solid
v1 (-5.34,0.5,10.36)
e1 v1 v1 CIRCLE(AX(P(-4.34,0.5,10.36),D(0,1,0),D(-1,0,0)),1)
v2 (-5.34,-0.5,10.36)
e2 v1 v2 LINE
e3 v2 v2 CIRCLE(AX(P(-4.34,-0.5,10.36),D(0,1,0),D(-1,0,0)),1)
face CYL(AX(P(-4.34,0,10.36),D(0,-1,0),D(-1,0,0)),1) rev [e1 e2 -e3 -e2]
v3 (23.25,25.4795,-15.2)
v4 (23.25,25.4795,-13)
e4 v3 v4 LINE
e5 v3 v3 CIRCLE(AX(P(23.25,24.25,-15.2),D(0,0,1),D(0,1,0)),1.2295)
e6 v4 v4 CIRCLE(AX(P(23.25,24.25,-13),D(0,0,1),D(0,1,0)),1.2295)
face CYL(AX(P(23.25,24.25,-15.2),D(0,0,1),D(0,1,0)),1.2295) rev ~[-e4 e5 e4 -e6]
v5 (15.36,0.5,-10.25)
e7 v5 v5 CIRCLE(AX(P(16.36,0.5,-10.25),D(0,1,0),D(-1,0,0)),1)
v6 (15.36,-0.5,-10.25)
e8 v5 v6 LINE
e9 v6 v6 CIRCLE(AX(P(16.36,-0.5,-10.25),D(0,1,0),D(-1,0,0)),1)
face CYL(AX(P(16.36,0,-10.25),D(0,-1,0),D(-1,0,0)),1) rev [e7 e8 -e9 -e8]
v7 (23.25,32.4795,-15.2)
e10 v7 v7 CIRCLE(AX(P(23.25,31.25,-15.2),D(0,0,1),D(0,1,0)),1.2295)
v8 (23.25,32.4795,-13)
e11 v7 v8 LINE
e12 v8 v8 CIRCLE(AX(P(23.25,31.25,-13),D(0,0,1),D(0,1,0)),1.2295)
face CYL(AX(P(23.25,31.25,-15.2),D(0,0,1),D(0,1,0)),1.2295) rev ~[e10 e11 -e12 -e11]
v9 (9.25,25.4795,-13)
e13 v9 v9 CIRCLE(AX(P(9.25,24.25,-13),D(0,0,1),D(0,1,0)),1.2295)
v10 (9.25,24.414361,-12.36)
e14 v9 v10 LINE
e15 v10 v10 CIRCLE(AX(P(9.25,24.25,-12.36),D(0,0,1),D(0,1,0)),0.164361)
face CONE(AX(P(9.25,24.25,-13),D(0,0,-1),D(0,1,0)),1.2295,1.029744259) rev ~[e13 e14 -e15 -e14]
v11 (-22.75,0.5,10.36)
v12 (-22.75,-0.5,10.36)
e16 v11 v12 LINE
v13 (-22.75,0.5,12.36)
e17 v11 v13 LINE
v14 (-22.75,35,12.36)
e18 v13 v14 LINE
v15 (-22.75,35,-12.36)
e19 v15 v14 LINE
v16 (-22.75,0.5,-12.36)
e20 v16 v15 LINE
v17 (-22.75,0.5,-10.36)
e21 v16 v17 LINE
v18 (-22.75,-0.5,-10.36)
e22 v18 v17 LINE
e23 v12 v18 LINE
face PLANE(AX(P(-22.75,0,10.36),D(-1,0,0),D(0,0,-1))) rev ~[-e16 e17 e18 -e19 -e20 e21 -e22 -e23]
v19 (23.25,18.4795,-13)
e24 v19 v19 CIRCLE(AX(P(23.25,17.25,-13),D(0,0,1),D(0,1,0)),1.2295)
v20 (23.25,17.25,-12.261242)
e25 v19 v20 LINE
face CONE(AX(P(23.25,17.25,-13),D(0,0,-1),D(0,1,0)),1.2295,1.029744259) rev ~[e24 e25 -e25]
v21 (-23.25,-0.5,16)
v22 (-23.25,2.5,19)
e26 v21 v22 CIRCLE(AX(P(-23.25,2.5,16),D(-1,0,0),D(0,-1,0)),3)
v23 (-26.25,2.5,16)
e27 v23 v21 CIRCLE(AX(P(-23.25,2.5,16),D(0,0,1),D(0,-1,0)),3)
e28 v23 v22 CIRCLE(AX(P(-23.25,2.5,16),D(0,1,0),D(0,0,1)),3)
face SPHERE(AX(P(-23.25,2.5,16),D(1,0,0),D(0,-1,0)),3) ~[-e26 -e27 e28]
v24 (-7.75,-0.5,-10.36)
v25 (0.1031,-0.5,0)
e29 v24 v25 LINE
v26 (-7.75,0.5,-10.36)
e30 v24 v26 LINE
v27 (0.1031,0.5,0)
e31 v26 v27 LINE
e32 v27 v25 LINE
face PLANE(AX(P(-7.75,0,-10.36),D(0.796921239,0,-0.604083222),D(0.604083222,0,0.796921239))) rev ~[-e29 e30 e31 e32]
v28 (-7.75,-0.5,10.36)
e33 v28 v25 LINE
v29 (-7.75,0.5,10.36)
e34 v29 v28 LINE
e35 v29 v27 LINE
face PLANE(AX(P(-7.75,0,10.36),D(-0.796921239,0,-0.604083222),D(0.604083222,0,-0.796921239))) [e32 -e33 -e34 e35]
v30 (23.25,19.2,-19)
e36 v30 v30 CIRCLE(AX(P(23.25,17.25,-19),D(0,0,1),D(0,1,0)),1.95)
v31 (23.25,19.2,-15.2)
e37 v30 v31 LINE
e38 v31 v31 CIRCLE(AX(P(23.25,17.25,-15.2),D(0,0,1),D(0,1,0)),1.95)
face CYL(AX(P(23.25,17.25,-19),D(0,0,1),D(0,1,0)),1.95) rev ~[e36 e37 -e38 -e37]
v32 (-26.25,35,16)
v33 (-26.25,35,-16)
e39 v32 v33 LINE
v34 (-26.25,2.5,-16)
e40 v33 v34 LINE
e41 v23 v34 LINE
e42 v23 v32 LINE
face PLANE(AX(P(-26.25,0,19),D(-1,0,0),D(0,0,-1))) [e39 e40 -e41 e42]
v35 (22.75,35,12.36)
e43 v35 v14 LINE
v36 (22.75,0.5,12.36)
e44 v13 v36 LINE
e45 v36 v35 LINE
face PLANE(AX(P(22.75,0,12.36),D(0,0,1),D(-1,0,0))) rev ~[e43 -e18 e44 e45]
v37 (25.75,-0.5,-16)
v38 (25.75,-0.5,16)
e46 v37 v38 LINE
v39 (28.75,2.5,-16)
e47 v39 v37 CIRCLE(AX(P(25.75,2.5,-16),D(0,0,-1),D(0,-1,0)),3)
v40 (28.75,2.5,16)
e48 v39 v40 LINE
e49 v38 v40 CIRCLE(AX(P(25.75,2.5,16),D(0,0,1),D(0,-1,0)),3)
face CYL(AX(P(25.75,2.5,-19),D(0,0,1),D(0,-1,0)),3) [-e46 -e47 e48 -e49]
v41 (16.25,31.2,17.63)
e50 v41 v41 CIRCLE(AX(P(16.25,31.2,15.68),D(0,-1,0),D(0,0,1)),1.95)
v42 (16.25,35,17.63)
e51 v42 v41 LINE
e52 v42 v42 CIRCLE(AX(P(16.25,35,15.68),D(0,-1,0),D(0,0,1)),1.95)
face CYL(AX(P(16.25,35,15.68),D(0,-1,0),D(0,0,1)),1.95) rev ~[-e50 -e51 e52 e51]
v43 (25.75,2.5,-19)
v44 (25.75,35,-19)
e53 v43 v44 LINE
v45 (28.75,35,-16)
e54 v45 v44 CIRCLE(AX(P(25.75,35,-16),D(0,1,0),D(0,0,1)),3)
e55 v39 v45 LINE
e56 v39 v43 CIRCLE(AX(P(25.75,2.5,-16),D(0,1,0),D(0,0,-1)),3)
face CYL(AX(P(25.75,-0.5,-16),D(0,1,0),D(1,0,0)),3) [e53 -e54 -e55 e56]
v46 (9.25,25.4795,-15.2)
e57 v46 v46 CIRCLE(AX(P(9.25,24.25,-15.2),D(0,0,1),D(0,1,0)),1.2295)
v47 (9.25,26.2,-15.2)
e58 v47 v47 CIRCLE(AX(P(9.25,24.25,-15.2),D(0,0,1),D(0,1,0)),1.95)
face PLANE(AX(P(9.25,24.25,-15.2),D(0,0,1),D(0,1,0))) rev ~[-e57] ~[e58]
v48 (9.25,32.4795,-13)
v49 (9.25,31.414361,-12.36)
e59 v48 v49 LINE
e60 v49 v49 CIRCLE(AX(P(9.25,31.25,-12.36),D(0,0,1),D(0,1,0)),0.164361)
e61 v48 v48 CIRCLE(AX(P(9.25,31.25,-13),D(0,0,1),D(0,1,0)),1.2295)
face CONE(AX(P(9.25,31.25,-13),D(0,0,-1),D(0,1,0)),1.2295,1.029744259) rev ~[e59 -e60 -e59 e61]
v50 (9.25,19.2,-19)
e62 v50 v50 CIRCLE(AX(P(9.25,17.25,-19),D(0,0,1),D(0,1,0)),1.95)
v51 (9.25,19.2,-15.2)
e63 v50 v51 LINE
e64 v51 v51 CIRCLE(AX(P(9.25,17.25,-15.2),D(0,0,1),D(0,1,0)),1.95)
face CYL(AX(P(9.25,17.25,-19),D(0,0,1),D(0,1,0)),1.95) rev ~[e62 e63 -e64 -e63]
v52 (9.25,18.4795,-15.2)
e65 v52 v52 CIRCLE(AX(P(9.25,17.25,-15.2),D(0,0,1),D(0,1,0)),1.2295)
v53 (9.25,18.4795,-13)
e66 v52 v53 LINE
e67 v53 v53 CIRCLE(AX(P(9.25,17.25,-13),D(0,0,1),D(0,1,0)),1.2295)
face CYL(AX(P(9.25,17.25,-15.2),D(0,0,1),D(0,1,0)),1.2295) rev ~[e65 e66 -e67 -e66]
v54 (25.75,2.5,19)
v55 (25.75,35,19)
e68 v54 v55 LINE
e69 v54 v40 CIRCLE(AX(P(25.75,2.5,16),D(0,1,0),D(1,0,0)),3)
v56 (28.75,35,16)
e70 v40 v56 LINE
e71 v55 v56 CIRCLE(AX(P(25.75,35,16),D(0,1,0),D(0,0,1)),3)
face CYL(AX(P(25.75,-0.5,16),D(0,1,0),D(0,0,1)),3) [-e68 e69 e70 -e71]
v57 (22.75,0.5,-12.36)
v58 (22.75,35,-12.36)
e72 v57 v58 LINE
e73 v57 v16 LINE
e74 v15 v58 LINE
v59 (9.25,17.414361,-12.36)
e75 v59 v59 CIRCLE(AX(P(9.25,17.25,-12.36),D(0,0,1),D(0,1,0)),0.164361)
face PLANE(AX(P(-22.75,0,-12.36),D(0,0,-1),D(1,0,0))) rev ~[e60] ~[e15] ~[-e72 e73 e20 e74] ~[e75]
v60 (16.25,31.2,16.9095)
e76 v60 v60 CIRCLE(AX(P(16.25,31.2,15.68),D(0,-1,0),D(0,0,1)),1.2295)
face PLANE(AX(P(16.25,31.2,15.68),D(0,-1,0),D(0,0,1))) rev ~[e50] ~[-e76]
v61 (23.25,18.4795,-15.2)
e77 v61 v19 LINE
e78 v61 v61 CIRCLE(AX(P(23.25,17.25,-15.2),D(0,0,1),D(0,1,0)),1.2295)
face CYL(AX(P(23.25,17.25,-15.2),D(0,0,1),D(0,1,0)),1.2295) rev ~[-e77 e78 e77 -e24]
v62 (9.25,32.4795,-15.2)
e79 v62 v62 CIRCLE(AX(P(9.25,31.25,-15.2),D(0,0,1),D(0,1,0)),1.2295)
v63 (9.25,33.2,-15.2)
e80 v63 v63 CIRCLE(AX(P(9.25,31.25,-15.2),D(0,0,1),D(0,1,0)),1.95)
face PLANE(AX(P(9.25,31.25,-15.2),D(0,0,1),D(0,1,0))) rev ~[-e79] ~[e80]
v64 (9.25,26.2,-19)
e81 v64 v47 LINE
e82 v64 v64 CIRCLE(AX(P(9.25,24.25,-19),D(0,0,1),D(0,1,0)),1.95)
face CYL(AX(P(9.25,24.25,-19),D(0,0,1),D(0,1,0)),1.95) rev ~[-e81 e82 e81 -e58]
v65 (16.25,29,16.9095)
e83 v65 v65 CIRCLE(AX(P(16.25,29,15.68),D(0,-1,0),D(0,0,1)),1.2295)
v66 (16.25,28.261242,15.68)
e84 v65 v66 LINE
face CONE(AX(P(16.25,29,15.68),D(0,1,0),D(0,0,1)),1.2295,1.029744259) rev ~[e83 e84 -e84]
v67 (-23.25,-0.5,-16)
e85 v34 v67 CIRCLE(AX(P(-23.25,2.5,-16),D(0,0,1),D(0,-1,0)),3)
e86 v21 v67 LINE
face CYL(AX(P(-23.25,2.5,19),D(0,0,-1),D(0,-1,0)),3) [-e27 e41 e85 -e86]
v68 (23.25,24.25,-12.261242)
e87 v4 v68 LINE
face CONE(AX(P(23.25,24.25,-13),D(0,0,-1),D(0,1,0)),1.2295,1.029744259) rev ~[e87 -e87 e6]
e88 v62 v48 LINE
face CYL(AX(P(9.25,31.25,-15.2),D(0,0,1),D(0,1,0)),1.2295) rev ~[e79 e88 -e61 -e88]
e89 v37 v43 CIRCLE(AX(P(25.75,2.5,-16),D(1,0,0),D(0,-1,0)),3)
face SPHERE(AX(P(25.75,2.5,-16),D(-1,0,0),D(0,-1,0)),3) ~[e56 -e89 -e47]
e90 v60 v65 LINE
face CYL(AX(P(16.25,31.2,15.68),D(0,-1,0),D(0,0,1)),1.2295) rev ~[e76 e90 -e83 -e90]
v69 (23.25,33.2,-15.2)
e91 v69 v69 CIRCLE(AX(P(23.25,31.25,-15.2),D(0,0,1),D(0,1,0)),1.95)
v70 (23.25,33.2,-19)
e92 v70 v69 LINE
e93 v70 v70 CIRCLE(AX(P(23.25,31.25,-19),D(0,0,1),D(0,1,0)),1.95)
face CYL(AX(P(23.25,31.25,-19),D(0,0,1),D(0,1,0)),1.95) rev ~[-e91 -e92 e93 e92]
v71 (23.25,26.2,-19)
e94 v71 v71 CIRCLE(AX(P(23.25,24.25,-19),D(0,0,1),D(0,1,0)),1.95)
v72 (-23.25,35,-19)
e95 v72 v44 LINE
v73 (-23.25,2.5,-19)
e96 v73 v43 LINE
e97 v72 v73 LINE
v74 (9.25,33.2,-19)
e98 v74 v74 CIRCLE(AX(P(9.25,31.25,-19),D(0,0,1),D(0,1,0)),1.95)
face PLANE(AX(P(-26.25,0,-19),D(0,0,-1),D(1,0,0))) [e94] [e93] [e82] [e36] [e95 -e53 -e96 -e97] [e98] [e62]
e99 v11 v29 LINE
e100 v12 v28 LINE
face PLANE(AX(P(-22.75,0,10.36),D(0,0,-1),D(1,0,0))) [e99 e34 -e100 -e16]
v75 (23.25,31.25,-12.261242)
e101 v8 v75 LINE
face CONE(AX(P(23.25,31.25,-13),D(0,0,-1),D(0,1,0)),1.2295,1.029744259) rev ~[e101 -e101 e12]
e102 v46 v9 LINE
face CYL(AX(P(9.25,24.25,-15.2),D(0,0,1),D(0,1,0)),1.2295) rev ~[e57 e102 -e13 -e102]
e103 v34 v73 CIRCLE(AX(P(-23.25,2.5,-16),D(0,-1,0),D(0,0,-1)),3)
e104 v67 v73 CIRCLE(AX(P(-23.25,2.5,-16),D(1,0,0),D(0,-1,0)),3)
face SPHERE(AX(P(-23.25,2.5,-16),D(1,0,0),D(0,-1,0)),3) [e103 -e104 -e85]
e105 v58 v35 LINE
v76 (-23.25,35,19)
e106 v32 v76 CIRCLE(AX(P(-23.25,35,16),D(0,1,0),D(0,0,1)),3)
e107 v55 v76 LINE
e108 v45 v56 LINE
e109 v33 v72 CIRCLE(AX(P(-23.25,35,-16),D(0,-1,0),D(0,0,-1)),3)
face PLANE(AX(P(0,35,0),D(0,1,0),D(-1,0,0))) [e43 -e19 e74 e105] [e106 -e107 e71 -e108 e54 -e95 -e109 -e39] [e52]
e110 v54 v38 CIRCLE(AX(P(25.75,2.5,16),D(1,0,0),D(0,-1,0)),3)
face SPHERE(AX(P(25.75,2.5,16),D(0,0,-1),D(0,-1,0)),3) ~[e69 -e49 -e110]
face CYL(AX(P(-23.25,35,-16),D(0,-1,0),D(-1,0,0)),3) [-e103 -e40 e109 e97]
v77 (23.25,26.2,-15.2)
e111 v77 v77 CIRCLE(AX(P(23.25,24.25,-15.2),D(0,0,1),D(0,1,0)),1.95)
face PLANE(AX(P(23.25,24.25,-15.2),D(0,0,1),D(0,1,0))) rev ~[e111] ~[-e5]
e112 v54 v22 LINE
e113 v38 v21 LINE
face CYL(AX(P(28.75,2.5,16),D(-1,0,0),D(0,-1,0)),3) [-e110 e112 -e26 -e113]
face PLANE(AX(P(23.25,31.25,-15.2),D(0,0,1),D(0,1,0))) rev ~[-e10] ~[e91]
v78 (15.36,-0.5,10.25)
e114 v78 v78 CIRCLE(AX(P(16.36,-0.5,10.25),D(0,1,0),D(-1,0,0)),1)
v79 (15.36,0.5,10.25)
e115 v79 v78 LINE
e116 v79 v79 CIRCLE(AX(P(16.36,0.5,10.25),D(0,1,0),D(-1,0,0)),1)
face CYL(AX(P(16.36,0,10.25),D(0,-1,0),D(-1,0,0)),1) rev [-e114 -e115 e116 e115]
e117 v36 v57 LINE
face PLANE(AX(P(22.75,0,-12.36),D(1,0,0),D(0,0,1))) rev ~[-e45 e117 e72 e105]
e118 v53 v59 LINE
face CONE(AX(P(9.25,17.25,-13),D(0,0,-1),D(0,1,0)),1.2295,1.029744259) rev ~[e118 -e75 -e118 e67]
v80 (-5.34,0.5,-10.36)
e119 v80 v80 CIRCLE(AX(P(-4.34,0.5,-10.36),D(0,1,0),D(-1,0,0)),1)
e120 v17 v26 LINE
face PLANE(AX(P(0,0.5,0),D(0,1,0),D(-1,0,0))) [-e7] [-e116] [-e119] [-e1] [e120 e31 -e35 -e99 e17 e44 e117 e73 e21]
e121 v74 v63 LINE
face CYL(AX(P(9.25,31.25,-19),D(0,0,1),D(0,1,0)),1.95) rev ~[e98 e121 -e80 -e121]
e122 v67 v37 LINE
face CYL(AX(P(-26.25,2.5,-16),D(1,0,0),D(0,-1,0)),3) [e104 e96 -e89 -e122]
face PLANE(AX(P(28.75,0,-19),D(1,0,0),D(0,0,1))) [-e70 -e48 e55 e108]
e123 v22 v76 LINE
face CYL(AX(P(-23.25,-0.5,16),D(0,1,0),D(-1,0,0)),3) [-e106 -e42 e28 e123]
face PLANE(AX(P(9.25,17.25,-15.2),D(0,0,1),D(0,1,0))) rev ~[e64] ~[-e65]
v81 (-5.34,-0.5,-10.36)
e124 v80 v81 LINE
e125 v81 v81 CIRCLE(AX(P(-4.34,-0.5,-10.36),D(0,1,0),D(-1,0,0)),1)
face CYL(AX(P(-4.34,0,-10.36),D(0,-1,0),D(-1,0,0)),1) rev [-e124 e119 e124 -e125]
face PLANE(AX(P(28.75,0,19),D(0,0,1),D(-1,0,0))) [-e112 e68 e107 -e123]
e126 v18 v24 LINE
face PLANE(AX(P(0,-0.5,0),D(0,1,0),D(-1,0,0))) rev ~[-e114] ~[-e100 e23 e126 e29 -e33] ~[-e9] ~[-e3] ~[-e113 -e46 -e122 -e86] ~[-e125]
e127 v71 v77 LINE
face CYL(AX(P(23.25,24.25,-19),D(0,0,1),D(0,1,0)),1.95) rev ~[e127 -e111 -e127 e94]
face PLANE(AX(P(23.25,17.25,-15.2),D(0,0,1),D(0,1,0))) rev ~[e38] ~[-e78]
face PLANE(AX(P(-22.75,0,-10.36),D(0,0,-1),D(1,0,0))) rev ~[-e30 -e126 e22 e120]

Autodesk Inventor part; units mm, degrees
ref_plane "YZ Plane" through (0, 0, 0) normal (1, 0, 0) x (0, 1, 0)
ref_plane "XZ Plane" through (0, 0, 0) normal (0, 1, 0) x (-1, 0, 0)
ref_plane "XY Plane" through (0, 0, 0) normal (0, 0, 1) x (1, 0, 0)
sketch "Sketch1" plane through (0, 0, 0) normal (0, 1, 0) x (-1, 0, 0)
  line L0 (22.75, -10.36) -> (7.75, -10.36)
  line L1 (7.75, -10.36) -> (-0.1031, 0)
  circle A0 centre (4.34, -10.36) radius 1
  line L2 (22.75, 10.36) -> (7.75, 10.36)
  circle A1 centre (12.64, 0) radius 9.6 construction
  line L3 (22.75, 12.36) -> (22.75, -12.36)
  circle A2 centre (4.34, 10.36) radius 1
  line L4 (7.75, 10.36) -> (-0.1031, 0)
  line L5 (26.25, 19) -> (26.25, -19)
  line L6 (22.75, -12.36) -> (-22.75, -12.36)
  line L7 (22.75, 0) -> (-22.75, 0) construction
  line L8 (26.25, -19) -> (-28.75, -19)
  line L9 (26.25, -19) -> (-28.75, 19) construction
  line L10 (-28.75, -19) -> (26.25, 19) construction
  line L11 (-22.75, 12.36) -> (22.75, 12.36)
  line L12 (-28.75, 19) -> (26.25, 19)
  line L13 (-28.75, -19) -> (-28.75, 19)
  circle A3 centre (-16.36, 10.25) radius 1
  line L14 (-22.75, -12.36) -> (-22.75, 12.36)
  circle A4 centre (-16.36, -10.25) radius 1
  point P0 (0, 0)
  point P1 (-1.25, 0)
  point P2 (0, 0)
  point P3 (22.75, -10.36)
  dimension "d0" = 55
  dimension "d1" = 38
  dimension "d2" = 45.5
  dimension "d3" = 24.72
  dimension "d4" = 2
  dimension "d6" = 18.41
  dimension "d7" = 20.5
  dimension "d8" = 19.2
  dimension "d9" = 10.11
  dimension "d10" = 13
  dimension "d11" = 15
  dimension "d12" = 3.5
  dimension "d13" = 2
  dimension "d14" = 3.41
  dimension "d66" = 20.7
extrude "Extrusion1" add sketch "Sketch1" along normal mid plane 1 contours L3 L6 L14 L11 L2 L4 L1 L0 | L5 L8 L13 L12
extrude "Extrusion2" add sketch "Sketch1" along normal blind 35 contours L5 L8 L13 L12
fillet "Fillet1" radius 3 8 edges at (1.25, -0.5, -19) (28.75, -0.5, 0) (1.25, -0.5, 19) (-26.25, -0.5, 0) (28.75, 17.25, -19) (28.75, 17.25, 19) (-26.25, 17.25, 19) (-26.25, 17.25, -19)
sketch "Sketch5" plane through (25.75, 2.5, -19) normal (0, 0, -1) x (-1, 0, 0)
  circle A0 centre (2.5, 14.75) radius 1.5
  circle A1 centre (2.5, 21.75) radius 1.5
  circle A2 centre (2.5, 28.75) radius 1.5
  circle A3 centre (16.5, 14.75) radius 1.5
  circle A4 centre (16.5, 21.75) radius 1.5
  circle A5 centre (16.5, 28.75) radius 1.5
  line L0 (-3, 32.5) -> (-3, 0) projected
  line L1 (0, 32.5) -> (49, 32.5) projected
  point P0 (25.75, -2.5)
  dimension "d47" = 3
  dimension "d52" = 7
  dimension "d55" = 14
  dimension "d67" = 3.75
  dimension "d68" = 5.5
hole "Hole2" at (23.25, 17.25, -19) at (23.25, 24.25, -19) at (9.25, 24.25, -19) at (9.25, 17.25, -19) at (23.25, 31.25, -19) at (9.25, 31.25, -19) direction (0, 0, 1) diameter 2.459 depth 6 tip angle 118 counterbore diameter 3.9 counterbore depth 3.8 thread size "M3x0.5" class "6H" standard "ISO Metric profile"
sketch "Sketch8" plane through (0, 35, 0) normal (0, 1, 0) x (1, 0, 0)
  line L0 (-23.25, -19) -> (25.75, -19) projected
  line L1 (28.75, -16) -> (28.75, 16) projected
  point P0 (0, 0)
  point P1 (16.25, -15.68)
  dimension "d77" = 3.32
  dimension "d78" = 12.5
hole "Hole4" at (16.25, 35, 15.68) direction (0, -1, 0) diameter 2.459 depth 6 tip angle 118 counterbore diameter 3.9 counterbore depth 3.8 thread size "M3x0.5" class "6H" standard "ISO Metric profile"
properties part number "basketlewy" material "PCTG 20%"
